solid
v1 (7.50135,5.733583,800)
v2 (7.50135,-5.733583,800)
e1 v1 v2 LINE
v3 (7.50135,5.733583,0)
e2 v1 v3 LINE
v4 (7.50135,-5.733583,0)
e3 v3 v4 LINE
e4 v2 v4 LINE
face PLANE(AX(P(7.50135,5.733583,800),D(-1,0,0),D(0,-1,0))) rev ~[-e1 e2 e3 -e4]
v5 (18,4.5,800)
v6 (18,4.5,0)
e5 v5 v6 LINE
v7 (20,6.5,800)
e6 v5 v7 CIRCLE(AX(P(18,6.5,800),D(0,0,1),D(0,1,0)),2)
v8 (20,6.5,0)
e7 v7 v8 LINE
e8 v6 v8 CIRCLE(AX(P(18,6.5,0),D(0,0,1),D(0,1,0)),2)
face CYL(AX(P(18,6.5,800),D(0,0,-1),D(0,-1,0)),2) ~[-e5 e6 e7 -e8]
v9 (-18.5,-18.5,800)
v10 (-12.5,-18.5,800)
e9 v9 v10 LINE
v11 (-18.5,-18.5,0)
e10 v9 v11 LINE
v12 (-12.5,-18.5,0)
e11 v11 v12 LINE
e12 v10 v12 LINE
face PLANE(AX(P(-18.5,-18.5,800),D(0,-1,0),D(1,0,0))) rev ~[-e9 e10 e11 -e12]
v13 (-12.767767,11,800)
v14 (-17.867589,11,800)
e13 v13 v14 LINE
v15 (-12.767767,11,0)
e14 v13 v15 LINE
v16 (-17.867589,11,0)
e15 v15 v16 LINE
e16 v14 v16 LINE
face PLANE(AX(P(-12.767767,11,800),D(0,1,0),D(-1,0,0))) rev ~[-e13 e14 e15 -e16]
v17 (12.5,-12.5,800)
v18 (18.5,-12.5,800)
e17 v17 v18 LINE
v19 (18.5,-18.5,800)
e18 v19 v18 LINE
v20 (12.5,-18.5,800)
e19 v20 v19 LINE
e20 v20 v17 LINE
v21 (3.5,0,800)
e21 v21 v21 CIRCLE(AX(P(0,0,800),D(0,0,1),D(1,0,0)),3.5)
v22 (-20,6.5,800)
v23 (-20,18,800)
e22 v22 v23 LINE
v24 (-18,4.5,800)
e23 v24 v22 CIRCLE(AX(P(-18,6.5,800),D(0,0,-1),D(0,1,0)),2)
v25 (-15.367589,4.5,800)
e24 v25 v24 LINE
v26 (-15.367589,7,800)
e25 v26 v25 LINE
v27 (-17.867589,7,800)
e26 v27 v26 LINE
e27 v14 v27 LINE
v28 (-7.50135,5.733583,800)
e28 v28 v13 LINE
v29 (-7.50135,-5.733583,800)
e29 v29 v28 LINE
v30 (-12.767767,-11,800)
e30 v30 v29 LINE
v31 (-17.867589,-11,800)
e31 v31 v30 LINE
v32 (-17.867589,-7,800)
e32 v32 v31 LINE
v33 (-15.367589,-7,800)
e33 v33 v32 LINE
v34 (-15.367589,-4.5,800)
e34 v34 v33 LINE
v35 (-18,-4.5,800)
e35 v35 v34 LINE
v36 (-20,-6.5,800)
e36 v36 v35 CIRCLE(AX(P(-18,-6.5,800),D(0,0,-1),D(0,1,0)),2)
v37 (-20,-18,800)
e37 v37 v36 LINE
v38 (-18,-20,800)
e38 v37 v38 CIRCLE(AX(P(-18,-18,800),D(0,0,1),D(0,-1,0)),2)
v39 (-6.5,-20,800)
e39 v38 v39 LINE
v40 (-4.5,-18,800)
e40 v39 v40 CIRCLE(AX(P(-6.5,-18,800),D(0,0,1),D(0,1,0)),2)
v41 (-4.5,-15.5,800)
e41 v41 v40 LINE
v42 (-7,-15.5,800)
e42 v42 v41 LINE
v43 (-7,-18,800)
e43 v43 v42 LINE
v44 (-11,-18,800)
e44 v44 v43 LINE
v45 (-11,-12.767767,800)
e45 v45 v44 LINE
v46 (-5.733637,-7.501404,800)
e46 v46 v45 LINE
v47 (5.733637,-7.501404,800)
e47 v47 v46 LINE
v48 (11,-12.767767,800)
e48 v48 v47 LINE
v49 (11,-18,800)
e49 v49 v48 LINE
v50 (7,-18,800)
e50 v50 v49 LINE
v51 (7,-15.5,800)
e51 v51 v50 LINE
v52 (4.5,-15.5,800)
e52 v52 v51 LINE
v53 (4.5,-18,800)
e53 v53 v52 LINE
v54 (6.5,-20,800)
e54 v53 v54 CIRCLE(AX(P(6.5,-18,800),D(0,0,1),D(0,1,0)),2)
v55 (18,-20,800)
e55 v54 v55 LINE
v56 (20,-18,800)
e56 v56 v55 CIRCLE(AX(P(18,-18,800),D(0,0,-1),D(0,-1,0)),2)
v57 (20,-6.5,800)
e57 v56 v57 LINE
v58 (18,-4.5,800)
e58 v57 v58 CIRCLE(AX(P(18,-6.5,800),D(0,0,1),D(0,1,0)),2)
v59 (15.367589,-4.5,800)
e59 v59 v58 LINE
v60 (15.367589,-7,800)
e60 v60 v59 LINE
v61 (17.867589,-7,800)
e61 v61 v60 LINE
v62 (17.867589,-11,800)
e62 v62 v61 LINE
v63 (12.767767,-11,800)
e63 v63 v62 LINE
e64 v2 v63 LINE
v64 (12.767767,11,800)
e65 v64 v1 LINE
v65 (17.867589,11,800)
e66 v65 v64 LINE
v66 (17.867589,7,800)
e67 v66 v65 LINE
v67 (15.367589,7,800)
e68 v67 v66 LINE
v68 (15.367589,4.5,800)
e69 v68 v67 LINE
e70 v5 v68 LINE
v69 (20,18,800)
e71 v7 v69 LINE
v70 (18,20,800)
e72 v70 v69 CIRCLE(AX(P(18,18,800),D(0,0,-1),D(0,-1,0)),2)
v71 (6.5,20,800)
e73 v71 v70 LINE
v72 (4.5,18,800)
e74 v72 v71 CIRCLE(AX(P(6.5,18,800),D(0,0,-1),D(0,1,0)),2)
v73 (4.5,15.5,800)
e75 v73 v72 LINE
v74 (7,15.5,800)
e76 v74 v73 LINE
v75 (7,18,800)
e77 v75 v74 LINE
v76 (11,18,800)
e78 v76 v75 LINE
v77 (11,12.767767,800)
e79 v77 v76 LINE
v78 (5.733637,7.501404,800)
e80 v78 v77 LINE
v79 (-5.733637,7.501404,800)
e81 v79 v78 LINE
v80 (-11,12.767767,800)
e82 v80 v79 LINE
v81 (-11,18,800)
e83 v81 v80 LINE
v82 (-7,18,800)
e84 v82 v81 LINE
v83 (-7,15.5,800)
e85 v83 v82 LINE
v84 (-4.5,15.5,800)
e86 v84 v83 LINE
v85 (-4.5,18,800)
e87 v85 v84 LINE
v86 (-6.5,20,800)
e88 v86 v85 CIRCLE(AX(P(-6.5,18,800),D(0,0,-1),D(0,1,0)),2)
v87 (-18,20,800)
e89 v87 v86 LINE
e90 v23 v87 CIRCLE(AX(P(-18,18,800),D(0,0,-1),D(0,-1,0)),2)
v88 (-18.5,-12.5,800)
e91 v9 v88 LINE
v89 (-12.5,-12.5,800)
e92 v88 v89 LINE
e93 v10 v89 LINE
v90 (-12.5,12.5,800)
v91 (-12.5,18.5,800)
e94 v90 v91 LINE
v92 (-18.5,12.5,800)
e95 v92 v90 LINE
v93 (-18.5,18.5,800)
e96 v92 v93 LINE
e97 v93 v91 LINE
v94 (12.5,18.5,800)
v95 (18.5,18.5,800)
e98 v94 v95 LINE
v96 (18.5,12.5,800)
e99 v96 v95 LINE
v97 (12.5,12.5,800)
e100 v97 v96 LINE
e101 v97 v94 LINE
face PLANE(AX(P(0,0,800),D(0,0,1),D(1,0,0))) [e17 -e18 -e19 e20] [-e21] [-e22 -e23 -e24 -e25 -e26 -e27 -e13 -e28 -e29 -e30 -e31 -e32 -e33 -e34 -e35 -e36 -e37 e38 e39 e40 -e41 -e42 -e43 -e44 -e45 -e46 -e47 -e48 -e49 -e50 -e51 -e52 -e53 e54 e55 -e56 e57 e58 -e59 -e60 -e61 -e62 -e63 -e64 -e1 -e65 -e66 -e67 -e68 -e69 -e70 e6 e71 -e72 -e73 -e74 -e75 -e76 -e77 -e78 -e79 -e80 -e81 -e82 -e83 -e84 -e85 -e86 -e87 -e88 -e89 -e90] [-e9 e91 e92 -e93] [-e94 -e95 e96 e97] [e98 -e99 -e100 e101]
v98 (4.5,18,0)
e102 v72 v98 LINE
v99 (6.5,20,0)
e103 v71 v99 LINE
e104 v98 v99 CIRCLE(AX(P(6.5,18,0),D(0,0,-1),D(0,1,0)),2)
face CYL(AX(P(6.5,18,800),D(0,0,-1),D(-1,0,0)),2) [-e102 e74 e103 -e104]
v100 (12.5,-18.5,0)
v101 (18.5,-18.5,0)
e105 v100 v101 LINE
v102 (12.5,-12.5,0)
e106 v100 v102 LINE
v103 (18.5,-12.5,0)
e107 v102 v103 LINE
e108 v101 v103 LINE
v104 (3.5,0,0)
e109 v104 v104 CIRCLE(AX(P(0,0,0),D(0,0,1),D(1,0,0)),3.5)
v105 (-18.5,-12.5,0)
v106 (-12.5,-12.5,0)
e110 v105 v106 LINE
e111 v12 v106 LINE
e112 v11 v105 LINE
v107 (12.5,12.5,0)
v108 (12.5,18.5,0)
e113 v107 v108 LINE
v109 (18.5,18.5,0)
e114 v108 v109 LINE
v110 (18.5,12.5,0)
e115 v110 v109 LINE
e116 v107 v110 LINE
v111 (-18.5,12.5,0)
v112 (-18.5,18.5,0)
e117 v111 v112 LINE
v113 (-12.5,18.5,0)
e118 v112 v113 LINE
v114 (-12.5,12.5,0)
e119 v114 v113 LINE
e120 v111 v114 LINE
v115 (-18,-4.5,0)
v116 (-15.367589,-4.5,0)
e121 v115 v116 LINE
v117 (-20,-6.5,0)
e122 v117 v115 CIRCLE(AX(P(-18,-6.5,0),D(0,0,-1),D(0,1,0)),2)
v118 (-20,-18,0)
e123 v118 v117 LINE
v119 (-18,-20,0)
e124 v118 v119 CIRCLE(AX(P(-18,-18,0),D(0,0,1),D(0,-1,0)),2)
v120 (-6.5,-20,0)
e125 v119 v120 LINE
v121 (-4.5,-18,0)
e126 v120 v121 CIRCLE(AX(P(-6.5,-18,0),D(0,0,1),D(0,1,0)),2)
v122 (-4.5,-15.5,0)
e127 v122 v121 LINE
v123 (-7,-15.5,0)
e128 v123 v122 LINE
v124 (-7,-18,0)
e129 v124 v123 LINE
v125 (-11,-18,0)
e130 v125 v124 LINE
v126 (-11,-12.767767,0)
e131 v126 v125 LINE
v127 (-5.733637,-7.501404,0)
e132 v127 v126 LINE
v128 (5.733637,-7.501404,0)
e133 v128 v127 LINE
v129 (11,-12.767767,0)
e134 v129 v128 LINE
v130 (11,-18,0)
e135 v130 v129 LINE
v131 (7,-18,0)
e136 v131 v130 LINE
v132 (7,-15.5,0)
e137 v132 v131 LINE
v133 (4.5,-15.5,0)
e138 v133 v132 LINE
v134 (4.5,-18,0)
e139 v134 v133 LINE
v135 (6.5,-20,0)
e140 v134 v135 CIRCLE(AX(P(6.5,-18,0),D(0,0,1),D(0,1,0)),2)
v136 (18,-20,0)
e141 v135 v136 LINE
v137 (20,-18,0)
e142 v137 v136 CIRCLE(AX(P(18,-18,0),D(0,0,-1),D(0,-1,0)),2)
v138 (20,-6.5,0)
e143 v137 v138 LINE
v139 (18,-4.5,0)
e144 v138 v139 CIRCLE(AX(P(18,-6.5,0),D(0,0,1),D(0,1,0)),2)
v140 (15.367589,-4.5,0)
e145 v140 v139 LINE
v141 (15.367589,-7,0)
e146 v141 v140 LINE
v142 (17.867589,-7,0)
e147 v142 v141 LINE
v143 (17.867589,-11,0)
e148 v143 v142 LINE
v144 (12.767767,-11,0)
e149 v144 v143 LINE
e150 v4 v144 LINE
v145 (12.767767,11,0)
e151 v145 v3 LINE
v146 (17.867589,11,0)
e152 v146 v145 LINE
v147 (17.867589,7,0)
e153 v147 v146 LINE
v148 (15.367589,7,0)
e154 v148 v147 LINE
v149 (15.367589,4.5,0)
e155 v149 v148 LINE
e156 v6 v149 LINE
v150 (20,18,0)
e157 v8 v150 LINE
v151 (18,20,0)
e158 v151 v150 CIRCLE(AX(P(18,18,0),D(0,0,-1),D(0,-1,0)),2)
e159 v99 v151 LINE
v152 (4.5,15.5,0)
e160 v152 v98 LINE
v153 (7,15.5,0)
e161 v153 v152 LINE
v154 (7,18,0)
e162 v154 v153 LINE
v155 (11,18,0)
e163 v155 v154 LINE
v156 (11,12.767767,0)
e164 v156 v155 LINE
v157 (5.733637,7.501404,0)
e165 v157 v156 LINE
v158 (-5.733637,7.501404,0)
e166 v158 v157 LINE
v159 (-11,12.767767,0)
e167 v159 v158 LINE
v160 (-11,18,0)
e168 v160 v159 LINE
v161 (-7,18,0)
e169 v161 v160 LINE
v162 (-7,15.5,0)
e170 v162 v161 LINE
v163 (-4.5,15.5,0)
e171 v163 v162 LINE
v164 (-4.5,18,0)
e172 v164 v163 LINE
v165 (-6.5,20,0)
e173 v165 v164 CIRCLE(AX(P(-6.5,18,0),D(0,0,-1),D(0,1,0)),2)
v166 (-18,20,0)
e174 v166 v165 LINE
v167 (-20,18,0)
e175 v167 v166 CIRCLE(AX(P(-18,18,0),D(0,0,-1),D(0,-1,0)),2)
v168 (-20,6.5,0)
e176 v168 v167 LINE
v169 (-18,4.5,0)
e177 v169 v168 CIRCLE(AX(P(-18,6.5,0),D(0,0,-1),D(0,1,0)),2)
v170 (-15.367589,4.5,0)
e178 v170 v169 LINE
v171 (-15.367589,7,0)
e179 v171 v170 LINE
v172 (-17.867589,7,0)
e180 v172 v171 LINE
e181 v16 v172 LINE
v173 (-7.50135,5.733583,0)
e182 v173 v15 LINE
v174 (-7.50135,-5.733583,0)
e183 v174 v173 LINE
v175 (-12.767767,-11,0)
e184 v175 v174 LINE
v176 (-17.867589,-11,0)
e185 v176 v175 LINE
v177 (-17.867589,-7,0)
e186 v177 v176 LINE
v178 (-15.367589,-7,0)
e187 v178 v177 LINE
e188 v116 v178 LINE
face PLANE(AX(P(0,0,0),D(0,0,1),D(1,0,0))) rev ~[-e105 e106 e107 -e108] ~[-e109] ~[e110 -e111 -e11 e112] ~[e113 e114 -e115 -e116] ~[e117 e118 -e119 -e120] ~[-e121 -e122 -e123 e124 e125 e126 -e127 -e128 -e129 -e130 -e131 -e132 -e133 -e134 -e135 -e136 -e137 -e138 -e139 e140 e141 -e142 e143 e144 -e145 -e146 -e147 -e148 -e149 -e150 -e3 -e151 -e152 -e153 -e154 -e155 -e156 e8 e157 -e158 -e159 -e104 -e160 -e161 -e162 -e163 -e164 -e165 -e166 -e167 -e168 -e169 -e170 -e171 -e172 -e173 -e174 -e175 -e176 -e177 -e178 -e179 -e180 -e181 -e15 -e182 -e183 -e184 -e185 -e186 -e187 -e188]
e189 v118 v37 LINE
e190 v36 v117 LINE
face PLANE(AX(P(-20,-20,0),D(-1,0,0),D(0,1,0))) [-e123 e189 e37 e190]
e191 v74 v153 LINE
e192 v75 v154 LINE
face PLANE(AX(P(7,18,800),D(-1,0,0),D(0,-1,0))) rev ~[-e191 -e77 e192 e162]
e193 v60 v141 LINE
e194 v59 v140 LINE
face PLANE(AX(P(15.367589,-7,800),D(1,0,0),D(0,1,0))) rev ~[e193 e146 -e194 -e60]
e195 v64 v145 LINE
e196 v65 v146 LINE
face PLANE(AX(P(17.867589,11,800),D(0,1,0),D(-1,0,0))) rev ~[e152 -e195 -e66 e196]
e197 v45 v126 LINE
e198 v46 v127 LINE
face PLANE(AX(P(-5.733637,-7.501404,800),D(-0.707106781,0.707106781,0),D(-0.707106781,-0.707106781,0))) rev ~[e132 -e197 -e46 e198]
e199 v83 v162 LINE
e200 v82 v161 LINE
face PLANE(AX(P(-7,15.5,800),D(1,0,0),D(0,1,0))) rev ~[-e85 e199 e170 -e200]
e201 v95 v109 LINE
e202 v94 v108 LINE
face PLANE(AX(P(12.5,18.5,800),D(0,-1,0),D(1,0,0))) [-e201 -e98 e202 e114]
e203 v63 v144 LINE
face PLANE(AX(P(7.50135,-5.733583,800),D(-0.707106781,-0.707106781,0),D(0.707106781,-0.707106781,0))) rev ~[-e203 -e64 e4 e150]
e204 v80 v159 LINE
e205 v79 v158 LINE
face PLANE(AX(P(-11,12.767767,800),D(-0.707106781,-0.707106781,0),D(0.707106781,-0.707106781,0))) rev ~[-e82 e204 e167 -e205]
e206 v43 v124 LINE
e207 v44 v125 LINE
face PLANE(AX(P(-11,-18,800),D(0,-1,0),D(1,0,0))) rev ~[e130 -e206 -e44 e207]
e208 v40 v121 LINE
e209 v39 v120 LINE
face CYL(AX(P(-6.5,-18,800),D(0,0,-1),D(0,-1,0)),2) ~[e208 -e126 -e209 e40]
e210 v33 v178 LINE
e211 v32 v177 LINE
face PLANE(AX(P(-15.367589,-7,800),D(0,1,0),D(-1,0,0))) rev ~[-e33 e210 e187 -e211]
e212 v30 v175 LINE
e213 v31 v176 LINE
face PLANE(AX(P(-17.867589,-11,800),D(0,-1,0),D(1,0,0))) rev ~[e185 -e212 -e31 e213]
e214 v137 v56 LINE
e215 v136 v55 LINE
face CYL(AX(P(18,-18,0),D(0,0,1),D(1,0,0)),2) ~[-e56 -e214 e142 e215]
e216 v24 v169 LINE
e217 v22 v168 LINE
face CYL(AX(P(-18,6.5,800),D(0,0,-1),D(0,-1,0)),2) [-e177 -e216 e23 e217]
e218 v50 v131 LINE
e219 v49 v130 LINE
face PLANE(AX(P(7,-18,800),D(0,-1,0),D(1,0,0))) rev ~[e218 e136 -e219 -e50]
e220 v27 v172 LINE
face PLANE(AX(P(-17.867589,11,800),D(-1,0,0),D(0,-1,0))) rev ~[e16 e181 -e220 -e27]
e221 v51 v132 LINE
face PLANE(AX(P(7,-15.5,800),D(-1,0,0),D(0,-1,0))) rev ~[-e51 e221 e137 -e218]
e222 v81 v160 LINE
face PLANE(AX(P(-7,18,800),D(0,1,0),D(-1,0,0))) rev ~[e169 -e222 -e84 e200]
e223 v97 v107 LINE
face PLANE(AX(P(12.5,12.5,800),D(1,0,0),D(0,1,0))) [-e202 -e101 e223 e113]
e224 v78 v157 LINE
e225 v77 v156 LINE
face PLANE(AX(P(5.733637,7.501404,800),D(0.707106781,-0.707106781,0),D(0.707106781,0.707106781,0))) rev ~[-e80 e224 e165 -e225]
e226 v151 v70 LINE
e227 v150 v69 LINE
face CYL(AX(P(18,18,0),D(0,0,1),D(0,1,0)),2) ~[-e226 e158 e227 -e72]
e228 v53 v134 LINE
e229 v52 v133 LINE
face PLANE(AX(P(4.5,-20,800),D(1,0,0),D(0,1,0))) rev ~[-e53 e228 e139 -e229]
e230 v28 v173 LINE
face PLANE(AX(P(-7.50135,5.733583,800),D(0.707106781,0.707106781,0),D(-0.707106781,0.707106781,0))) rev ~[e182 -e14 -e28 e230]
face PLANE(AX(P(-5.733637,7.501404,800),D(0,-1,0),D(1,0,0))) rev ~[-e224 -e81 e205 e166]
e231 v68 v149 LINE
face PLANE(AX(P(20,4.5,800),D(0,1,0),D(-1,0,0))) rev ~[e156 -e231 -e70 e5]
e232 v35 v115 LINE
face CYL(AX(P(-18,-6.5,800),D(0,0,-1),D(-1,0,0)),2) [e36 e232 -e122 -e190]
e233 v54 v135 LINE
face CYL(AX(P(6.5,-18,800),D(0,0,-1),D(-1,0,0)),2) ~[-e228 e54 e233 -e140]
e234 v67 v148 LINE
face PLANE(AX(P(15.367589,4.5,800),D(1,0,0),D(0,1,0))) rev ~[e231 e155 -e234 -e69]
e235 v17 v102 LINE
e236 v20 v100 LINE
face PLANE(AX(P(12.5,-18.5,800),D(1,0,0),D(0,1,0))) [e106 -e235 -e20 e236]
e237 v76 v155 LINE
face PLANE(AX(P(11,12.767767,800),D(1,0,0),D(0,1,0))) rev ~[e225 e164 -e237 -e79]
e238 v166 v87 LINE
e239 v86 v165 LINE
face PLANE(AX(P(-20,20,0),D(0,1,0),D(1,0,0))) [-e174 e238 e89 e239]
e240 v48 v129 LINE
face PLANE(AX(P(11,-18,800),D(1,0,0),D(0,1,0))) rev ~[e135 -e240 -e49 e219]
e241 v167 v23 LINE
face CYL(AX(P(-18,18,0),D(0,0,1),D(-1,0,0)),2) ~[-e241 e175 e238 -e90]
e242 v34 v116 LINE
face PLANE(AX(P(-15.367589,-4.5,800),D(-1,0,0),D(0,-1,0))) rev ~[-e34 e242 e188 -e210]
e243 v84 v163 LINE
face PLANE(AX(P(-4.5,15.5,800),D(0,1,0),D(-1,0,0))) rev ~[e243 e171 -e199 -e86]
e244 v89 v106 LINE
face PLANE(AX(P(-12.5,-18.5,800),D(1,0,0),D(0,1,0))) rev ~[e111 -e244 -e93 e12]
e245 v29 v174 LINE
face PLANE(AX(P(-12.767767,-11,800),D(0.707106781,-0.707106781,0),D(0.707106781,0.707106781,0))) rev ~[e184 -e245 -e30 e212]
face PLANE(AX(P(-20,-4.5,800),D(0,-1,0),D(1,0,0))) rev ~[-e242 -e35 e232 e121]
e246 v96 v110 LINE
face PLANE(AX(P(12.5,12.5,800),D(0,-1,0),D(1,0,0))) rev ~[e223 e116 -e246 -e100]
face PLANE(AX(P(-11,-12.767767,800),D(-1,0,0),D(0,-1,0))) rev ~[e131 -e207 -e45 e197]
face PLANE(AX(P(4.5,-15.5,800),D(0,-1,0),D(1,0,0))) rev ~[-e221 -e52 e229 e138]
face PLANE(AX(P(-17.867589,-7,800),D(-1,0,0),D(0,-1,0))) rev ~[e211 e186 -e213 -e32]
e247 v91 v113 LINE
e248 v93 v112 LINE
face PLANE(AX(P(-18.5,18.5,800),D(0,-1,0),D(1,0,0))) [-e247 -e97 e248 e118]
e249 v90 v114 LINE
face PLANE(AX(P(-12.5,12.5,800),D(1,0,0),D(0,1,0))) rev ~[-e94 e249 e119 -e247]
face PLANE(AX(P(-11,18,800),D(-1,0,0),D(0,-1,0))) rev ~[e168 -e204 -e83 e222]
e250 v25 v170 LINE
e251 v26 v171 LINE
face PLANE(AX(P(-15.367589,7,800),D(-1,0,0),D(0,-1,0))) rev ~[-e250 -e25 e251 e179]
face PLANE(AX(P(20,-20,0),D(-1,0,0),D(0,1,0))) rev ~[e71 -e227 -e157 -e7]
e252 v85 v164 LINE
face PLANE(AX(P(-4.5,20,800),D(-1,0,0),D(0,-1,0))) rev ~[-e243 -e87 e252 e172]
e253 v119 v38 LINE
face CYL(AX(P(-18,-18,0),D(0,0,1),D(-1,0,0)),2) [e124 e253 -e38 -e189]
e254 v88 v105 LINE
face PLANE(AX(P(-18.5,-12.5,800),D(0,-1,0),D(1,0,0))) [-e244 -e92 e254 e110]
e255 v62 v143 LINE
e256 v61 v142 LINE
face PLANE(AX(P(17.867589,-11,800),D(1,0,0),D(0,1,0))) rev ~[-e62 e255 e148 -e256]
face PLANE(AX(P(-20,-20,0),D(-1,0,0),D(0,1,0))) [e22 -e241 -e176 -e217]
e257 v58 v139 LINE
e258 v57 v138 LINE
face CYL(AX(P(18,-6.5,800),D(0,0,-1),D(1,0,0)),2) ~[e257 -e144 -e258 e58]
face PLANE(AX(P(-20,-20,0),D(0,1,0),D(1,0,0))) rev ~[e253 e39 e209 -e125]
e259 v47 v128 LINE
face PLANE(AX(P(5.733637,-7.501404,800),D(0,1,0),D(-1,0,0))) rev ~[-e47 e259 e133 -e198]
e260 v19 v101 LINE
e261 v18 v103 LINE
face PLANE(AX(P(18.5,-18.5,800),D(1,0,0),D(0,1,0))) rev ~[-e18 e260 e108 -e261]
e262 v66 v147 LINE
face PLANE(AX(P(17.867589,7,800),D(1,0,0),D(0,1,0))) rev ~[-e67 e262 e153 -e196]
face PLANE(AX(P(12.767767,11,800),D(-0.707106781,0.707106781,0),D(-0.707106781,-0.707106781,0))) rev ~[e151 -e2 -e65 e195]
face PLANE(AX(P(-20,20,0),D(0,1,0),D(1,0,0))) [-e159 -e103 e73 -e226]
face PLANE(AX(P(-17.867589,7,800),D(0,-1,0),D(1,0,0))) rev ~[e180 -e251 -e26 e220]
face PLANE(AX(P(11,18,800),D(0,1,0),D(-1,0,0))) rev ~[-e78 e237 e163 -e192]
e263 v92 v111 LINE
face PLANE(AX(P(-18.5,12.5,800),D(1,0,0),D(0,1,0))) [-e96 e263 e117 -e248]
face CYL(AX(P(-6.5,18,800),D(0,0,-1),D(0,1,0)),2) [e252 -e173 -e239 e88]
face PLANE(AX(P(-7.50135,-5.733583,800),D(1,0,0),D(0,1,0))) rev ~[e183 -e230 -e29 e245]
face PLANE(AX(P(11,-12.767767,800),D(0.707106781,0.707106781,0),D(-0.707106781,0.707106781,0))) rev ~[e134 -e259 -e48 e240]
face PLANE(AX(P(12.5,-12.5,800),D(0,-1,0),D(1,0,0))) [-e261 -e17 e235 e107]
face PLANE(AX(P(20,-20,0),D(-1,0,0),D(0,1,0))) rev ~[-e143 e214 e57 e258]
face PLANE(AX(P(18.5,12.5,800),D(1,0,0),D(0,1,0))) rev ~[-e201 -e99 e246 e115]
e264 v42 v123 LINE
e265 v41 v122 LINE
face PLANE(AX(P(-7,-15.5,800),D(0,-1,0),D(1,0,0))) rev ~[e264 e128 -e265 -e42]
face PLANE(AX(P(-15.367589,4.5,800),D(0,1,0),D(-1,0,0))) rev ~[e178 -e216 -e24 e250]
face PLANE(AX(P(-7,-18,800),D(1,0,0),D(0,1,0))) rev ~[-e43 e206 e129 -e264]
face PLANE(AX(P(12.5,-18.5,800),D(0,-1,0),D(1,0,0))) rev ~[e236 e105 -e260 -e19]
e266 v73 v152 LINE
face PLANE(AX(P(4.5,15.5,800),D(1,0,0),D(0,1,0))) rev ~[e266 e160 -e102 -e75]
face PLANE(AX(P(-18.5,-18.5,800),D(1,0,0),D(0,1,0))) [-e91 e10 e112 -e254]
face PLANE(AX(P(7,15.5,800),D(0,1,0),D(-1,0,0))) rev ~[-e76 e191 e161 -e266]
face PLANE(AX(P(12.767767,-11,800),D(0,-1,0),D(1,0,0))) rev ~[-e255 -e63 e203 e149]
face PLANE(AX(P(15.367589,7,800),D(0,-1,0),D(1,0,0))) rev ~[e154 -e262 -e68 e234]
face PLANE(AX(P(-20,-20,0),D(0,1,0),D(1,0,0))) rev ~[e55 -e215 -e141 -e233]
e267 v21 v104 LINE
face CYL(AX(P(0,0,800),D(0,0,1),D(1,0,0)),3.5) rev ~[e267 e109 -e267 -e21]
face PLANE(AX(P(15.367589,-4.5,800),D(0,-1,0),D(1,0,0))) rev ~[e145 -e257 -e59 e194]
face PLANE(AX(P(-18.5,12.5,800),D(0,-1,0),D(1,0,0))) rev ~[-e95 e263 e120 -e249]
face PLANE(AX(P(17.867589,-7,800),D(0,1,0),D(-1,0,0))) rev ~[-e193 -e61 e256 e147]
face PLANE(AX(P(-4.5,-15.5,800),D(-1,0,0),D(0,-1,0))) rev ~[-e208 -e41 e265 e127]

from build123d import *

# Parameters (mm, degrees)
CROQUIS1_W              = 40
CROQUIS1_H              = 40
SALIENTE_EXTRUIR1_DEPTH = 800
CROQUIS2_W              = 6
CROQUIS2_H              = 6
CROQUIS2_R              = 3.5
CORTAR_EXTRUIR2_DEPTH   = 800
REDONDEO1_R             = 2
REDONDEO2_R             = 2


with BuildPart() as part:
    # Croquis1 → Saliente-Extruir1 (new body)
    with BuildSketch(Plane.XY):
        Rectangle(CROQUIS1_W, CROQUIS1_H)
    extrude(amount=SALIENTE_EXTRUIR1_DEPTH)

    # Croquis2 → Cortar-Extruir2 (cut)
    with BuildSketch(Plane.XY.offset(800)):
        with Locations((-15.5, 15.5)):
            Rectangle(CROQUIS2_W, CROQUIS2_H)
        Polygon((4.5, 15.5), (4.5, 20), (-4.5, 20), (-4.5, 15.5), (-7, 15.5), (-7, 18), (-11, 18), (-11, 12.767766953), (-5.733637236, 7.501404189), (5.733637236, 7.501404189), (11, 12.767766953), (11, 18), (7, 18), (7, 15.5), align=None)
        with Locations((15.5, 15.5)):
            Rectangle(CROQUIS2_W, CROQUIS2_H)
        Polygon((15.367588592, -4.5), (20, -4.5), (20, 4.5), (15.367588592, 4.5), (15.367588592, 7), (17.867588592, 7), (17.867588592, 11), (12.767766953, 11), (7.501349817, 5.733582864), (7.501349817, -5.733582864), (12.767766953, -11), (17.867588592, -11), (17.867588592, -7), (15.367588592, -7), align=None)
        Polygon((-20, 4.5), (-20, -4.5), (-15.367588592, -4.5), (-15.367588592, -7), (-17.867588592, -7), (-17.867588592, -11), (-12.767766953, -11), (-7.501349817, -5.733582864), (-7.501349817, 5.733582864), (-12.767766953, 11), (-17.867588592, 11), (-17.867588592, 7), (-15.367588592, 7), (-15.367588592, 4.5), align=None)
        Circle(CROQUIS2_R)
        Polygon((11, -12.767766953), (5.733637236, -7.501404189), (-5.733637236, -7.501404189), (-11, -12.767766953), (-11, -18), (-7, -18), (-7, -15.5), (-4.5, -15.5), (-4.5, -20), (4.5, -20), (4.5, -15.5), (7, -15.5), (7, -18), (11, -18), align=None)
        with Locations((-15.5, -15.5)):
            Rectangle(CROQUIS2_W, CROQUIS2_H)
        with Locations((15.5, -15.5)):
            Rectangle(CROQUIS2_W, CROQUIS2_H)
    extrude(amount=-CORTAR_EXTRUIR2_DEPTH, mode=Mode.SUBTRACT)

    # Redondeo1
    redondeo1_edges = [part.edges().sort_by_distance(p)[0] for p in [
        (20, -20, 400),
        (-20, -20, 400),
        (-20, 20, 400),
        (20, 20, 400),
    ]]
    fillet(redondeo1_edges, radius=REDONDEO1_R)

    # Redondeo2
    redondeo2_edges = [part.edges().sort_by_distance(p)[0] for p in [
        (4.5, 20, 400),
        (-4.5, 20, 400),
        (20, -4.5, 400),
        (20, 4.5, 400),
        (-20, 4.5, 400),
        (-20, -4.5, 400),
        (-4.5, -20, 400),
        (4.5, -20, 400),
    ]]
    fillet(redondeo2_edges, radius=REDONDEO2_R)


solid = part.part
